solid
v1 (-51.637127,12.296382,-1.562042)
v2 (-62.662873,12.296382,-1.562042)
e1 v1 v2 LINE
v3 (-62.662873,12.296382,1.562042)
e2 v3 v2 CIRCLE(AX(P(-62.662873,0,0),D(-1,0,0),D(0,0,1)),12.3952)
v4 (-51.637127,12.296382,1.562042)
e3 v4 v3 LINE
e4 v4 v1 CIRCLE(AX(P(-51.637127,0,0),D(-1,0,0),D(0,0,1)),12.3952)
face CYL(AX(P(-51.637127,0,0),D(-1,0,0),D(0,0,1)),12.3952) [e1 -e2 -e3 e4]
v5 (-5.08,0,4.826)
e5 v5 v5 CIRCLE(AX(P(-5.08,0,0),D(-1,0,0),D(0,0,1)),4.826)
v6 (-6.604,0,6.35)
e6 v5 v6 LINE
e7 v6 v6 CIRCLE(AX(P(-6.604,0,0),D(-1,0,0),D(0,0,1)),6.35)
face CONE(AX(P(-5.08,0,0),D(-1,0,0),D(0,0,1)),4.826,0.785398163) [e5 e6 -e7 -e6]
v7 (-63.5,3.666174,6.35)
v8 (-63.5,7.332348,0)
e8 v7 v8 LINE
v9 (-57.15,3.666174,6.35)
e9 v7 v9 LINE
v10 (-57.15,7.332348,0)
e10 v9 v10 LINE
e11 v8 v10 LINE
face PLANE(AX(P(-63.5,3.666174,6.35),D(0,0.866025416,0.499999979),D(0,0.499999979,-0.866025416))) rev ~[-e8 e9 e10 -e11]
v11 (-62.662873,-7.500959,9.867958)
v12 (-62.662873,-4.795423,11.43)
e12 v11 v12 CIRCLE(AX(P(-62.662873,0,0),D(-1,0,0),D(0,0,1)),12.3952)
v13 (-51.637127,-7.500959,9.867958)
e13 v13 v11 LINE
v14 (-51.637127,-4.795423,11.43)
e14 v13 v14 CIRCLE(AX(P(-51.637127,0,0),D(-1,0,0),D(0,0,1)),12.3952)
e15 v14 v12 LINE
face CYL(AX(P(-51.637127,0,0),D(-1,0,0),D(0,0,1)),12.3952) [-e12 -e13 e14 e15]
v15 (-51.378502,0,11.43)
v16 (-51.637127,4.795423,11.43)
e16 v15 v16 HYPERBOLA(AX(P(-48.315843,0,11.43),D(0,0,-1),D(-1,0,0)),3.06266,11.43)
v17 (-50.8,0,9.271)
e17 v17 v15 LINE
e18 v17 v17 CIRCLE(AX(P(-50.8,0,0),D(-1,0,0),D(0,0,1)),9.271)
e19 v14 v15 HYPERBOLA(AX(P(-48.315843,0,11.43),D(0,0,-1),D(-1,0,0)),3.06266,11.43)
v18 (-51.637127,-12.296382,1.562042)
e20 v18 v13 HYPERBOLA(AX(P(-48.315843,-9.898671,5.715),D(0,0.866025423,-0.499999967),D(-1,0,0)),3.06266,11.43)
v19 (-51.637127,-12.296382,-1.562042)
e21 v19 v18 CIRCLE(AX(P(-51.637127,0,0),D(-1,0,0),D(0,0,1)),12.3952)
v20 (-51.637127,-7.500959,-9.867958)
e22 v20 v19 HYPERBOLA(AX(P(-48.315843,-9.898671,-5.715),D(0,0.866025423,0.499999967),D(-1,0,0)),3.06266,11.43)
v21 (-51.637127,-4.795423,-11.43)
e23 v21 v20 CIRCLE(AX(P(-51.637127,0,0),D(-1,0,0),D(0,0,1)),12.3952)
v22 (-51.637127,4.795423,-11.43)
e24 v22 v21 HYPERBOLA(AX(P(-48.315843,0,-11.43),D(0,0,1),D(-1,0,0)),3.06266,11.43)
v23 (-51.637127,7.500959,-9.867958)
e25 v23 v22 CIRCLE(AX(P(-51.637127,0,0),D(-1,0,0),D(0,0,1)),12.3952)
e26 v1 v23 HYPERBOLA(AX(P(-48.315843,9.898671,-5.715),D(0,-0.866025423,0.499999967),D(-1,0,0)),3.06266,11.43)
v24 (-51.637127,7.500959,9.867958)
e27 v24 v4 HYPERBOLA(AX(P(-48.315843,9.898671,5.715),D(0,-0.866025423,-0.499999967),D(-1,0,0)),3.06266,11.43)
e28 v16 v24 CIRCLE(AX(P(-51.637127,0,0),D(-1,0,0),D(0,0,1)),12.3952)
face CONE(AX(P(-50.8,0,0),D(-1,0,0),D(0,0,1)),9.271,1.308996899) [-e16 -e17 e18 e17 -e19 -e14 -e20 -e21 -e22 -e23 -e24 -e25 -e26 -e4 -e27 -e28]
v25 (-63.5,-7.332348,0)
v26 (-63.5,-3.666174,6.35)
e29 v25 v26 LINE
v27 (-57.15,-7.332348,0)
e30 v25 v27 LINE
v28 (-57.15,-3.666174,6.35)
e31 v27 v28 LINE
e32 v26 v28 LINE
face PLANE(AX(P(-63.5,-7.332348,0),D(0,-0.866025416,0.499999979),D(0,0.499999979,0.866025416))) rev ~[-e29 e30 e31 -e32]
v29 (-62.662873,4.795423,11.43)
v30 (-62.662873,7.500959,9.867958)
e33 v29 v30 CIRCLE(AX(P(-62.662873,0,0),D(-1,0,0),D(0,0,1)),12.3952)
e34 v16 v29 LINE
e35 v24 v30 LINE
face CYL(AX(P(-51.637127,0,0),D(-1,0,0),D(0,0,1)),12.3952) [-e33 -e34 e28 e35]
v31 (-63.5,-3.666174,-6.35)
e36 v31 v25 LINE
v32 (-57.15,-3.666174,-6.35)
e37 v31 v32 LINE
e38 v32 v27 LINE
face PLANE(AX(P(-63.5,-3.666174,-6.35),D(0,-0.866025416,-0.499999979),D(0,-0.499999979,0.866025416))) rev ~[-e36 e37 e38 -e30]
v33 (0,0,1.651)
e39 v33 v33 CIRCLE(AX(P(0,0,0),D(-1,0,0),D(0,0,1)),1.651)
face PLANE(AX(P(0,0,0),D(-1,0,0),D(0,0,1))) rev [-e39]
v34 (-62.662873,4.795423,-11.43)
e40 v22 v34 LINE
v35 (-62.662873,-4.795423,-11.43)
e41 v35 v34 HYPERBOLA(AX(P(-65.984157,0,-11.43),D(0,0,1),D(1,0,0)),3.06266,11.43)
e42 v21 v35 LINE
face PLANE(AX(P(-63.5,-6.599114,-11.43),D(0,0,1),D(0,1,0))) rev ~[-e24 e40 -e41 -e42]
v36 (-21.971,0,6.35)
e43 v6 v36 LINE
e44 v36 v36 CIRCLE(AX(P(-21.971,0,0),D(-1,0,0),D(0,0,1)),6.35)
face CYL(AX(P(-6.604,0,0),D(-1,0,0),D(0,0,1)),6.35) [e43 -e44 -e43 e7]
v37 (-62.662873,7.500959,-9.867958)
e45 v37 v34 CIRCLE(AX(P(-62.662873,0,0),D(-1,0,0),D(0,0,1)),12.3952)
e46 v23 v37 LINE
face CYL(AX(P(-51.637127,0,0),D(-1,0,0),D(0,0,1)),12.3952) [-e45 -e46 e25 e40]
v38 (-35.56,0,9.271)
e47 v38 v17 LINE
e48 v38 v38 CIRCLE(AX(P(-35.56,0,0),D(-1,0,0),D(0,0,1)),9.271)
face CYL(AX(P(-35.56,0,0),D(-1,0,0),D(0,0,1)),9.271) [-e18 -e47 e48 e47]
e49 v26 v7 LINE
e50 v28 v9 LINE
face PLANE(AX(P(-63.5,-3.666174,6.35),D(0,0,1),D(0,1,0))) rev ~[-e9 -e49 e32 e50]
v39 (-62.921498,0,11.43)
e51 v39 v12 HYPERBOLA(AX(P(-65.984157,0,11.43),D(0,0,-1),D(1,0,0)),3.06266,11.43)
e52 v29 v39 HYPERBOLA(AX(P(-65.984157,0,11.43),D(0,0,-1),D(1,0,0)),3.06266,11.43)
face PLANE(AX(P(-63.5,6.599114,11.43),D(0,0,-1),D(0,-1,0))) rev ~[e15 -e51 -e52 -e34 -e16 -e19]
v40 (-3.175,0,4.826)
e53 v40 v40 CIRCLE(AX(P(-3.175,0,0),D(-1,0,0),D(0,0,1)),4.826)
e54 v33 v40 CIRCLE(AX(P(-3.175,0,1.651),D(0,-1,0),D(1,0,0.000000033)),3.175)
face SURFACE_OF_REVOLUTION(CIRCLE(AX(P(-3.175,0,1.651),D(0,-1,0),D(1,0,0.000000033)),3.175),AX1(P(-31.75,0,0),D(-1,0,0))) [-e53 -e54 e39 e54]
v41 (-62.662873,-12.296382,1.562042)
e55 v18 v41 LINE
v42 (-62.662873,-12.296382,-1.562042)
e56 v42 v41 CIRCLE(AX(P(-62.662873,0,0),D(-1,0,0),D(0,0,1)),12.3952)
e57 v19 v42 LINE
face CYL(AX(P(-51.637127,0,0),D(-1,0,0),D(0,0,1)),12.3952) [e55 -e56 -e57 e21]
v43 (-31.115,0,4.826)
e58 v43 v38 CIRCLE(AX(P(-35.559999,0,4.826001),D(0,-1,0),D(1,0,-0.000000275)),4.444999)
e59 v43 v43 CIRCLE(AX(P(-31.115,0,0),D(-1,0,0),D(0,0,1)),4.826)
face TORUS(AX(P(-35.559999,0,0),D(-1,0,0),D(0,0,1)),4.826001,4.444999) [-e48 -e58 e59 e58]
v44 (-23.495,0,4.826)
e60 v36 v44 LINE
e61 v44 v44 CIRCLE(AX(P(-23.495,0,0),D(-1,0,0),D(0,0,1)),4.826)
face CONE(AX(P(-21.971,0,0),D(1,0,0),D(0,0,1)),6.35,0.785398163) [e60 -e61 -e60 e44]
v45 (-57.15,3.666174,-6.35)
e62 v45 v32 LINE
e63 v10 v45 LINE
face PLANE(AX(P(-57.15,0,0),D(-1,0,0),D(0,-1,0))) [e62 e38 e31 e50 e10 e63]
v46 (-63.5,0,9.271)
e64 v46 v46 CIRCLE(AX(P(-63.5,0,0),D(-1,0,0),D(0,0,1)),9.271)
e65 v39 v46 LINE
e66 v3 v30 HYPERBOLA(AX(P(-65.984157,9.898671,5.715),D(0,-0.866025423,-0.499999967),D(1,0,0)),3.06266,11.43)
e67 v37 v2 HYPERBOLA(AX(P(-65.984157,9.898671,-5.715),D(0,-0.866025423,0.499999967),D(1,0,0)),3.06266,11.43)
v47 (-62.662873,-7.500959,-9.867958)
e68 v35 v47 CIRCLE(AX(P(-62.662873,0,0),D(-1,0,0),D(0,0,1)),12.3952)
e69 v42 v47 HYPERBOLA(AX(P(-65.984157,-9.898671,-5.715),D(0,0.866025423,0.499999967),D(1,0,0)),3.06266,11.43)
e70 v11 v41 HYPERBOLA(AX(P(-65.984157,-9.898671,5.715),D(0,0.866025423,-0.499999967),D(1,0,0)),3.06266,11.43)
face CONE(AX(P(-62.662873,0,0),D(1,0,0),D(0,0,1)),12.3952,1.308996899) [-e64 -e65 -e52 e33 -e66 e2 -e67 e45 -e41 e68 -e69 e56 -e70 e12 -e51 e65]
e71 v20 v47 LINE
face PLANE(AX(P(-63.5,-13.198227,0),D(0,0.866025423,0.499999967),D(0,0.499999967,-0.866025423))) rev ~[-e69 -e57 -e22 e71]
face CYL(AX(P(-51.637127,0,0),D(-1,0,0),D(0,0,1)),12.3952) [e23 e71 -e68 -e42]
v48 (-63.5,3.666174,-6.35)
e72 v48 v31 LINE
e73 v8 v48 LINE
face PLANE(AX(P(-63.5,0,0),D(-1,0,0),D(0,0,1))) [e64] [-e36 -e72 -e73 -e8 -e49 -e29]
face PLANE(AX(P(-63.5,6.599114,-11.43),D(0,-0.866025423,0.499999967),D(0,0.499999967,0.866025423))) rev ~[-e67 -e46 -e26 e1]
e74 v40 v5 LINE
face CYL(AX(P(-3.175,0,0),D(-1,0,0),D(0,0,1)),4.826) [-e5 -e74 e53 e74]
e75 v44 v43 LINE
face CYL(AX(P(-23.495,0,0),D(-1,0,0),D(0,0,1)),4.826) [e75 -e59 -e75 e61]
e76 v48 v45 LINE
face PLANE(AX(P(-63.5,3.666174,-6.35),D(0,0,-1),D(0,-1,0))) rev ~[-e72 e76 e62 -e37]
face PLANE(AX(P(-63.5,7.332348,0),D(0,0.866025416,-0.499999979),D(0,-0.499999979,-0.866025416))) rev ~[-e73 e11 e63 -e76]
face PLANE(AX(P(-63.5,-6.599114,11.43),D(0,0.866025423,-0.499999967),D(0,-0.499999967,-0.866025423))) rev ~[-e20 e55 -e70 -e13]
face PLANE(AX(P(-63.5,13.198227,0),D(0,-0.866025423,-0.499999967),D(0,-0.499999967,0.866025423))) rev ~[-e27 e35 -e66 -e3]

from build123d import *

# Parameters (mm, degrees)
F3_DEPTH = 6.35
F4_R     = 15.610651
F5_DEPTH = 25.4


with BuildPart() as f1:
    # F0 (on Front) → F1 (revolve)
    with BuildSketch(Plane.XZ):
        with BuildLine():
            Line((-63.5, 0), (0, 0))
            Line((0, 0), (0, 1.651))
            ThreePointArc((0, 1.651), (-0.929936, 3.896064), (-3.175, 4.826))
            Line((-3.175, 4.826), (-5.08, 4.826))
            Line((-5.08, 4.826), (-6.604, 6.35))
            Line((-6.604, 6.35), (-21.971, 6.35))
            Line((-21.971, 6.35), (-23.495, 4.826))
            Line((-23.495, 4.826), (-31.115, 4.826))
            ThreePointArc((-31.115, 4.826), (-32.41691, 7.96909), (-35.56, 9.271))
            Line((-35.56, 9.271), (-50.8, 9.271))
            Line((-50.8, 9.271), (-51.637127, 12.3952))
            Line((-51.637127, 12.3952), (-62.662873, 12.3952))
            Line((-62.662873, 12.3952), (-63.5, 9.271))
            Line((-63.5, 9.271), (-63.5, 0))
        make_face()
    revolve(axis=Axis((-31.75, 0, 0), (-1, 0, 0)))

    # F2 (on face) → F3 (cut)
    with BuildSketch(Plane(origin=(-63.5, 0, 0), x_dir=(0, -1, 0), z_dir=(-1, 0, 0))):
        Polygon((3.666174, 6.35), (-3.666174, 6.35), (-7.332348, 0), (-3.666174, -6.35), (3.666174, -6.35), (7.332348, 0), align=None)
    extrude(amount=-F3_DEPTH, mode=Mode.SUBTRACT)

    # F4 (on face) → F5 (cut)
    with BuildSketch(Plane(origin=(-63.5, 0, 0), x_dir=(0, -1, 0), z_dir=(-1, 0, 0))):
        Circle(F4_R)
        Polygon((-13.198227, 0), (-6.599114, 11.43), (6.599114, 11.43), (13.198227, 0), (6.599114, -11.43), (-6.599114, -11.43), align=None, mode=Mode.SUBTRACT)
    extrude(amount=-F5_DEPTH, mode=Mode.SUBTRACT)


solid = f1.part
